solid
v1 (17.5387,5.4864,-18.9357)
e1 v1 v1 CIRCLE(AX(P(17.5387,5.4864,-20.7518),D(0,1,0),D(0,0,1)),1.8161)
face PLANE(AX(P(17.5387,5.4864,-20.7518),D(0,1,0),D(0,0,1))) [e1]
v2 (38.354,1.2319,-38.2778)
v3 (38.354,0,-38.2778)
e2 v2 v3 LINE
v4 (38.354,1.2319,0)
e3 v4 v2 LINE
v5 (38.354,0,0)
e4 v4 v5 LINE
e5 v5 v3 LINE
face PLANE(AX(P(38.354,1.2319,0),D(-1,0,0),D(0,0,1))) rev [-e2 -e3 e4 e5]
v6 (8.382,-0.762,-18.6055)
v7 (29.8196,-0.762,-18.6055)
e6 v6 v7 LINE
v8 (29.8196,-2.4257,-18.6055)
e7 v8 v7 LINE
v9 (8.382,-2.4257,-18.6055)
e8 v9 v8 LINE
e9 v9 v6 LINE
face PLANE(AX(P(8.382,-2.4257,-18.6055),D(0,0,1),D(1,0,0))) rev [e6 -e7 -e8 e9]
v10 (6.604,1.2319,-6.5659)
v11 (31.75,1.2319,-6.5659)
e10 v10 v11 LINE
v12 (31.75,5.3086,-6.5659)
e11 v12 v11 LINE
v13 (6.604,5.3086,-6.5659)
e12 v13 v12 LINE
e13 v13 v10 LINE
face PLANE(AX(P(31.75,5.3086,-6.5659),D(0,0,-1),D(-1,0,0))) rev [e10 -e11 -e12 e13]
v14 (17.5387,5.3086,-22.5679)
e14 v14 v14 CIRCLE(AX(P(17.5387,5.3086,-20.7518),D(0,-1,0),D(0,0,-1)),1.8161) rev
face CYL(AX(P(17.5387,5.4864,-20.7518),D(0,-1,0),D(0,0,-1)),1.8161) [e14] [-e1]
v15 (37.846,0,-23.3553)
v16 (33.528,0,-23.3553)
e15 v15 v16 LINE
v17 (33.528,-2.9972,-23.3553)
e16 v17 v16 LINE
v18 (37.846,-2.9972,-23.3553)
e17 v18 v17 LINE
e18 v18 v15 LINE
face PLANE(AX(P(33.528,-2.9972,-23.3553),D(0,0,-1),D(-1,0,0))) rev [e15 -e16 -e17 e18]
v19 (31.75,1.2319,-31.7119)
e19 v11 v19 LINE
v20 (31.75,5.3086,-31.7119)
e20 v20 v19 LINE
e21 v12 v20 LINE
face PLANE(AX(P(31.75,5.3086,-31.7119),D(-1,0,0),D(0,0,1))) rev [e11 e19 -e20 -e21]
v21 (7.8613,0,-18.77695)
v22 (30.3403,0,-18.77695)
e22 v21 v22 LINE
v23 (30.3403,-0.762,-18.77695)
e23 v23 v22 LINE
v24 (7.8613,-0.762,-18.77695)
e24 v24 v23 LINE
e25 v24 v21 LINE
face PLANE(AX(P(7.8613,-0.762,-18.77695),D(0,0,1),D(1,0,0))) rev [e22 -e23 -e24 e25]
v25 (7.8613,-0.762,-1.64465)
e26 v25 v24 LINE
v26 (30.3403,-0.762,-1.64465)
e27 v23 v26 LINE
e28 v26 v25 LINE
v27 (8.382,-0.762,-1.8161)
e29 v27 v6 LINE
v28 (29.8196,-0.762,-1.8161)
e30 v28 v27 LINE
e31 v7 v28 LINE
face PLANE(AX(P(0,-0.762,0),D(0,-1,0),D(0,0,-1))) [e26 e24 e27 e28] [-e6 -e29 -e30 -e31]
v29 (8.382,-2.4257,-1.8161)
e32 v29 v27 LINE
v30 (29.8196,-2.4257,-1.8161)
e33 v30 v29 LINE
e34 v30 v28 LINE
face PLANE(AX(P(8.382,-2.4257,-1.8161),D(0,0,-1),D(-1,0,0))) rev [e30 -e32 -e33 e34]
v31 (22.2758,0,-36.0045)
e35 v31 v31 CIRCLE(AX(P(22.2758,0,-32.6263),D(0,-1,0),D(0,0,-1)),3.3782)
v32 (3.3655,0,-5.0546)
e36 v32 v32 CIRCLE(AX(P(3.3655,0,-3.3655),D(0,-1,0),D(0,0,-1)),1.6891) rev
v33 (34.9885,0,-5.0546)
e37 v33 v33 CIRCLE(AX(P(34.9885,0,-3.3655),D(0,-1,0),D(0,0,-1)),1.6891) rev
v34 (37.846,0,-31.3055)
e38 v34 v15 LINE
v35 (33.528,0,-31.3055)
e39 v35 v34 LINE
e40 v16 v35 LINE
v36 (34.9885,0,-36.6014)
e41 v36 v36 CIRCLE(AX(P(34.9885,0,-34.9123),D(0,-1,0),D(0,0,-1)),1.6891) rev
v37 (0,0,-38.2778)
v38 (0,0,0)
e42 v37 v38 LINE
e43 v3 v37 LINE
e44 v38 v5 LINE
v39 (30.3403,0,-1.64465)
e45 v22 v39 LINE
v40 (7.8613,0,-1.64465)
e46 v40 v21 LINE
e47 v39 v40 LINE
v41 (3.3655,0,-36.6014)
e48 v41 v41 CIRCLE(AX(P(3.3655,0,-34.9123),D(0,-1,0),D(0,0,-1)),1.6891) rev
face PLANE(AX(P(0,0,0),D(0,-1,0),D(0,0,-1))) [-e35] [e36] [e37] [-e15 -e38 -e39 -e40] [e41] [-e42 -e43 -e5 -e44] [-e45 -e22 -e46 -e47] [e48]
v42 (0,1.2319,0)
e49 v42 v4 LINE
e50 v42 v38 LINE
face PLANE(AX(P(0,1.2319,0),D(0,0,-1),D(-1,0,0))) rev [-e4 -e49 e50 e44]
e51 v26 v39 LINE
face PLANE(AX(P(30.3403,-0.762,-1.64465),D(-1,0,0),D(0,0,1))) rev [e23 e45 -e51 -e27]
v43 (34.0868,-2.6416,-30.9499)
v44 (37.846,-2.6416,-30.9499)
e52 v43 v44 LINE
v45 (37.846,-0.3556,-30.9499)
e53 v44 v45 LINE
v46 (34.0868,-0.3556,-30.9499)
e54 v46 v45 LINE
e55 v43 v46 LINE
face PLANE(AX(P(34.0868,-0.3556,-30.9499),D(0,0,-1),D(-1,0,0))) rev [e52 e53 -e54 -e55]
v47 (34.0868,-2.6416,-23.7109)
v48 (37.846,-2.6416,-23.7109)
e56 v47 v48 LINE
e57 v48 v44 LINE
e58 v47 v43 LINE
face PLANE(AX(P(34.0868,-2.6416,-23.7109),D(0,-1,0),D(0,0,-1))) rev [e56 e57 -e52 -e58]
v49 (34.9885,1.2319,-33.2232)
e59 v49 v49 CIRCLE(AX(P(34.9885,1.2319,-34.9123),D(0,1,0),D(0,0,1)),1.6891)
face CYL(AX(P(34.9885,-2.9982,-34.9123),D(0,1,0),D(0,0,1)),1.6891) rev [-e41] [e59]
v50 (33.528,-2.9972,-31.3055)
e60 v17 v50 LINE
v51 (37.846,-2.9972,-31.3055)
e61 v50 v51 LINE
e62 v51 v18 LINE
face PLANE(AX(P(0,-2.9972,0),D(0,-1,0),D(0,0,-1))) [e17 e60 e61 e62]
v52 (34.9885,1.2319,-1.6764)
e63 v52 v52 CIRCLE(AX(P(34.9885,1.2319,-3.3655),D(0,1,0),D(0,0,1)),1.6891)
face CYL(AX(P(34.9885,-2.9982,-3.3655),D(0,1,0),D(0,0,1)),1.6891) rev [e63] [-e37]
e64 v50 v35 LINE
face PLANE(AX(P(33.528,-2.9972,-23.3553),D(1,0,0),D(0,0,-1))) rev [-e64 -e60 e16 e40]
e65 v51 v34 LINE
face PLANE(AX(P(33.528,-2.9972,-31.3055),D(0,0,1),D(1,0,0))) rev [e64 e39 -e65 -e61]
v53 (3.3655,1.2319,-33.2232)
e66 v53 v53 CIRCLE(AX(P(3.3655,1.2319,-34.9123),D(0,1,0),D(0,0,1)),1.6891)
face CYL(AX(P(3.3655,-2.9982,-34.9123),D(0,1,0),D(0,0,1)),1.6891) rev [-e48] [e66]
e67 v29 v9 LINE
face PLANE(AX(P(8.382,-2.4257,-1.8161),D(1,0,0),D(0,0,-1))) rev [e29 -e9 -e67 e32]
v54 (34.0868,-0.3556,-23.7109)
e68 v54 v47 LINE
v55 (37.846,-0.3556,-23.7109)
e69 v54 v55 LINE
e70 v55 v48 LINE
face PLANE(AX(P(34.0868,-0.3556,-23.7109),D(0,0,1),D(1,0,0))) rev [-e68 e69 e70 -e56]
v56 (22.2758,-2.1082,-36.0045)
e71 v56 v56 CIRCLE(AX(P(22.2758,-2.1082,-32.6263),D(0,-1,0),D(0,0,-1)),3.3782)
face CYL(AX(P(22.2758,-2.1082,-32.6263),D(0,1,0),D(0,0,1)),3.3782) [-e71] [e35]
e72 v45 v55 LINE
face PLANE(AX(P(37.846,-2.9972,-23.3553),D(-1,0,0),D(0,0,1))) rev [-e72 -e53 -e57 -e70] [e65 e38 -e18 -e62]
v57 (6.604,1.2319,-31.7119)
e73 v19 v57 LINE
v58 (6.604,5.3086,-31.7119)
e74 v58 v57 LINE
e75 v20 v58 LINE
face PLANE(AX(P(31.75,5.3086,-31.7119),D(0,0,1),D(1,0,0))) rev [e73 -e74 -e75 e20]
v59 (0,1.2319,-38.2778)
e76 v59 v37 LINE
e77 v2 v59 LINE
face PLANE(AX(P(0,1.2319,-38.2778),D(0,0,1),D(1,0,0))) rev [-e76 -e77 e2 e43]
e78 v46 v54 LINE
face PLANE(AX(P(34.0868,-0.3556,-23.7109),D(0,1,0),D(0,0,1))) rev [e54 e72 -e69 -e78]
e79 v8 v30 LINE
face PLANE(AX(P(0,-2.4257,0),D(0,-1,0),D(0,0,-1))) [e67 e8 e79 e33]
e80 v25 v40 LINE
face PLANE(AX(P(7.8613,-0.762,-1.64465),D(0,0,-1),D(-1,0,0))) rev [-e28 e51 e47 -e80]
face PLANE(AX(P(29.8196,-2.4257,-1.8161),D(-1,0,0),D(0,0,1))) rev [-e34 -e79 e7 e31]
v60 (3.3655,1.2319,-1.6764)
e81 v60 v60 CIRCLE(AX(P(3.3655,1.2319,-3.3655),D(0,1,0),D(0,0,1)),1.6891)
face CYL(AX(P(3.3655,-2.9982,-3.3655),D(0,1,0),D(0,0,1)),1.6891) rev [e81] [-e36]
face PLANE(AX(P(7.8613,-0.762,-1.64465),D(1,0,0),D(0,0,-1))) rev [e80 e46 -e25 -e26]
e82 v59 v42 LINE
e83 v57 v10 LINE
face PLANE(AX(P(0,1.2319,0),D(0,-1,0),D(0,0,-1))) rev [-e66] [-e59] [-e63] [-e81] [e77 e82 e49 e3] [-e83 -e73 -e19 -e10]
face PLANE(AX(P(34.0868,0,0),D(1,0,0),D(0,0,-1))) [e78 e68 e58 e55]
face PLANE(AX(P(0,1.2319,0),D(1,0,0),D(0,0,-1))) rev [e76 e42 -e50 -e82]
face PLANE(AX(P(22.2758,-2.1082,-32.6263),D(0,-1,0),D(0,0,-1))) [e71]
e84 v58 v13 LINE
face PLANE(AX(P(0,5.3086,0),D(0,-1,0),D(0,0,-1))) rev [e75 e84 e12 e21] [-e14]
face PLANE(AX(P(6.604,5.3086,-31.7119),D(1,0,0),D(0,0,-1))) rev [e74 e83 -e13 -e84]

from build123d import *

# Parameters (mm, degrees)
SKETCH1_W           = 38.354
SKETCH1_H           = 38.2778
BOARD_DEPTH         = 1.2319
SKETCH3_W           = 25.146
SKETCH3_H           = 25.146
GPS_DEPTH           = 4.0767
SKETCH5_W           = 21.4376
SKETCH5_H           = 16.7894
UBLOCK_CHIP_DEPTH   = 2.4257
SKETCH6_R           = 3.3782
BATTERY_DEPTH       = 2.1082
SKETCH7_W           = 4.318
SKETCH7_H           = 7.9502
CONNECTOR_DEPTH     = 2.9972
SKETCH8_W           = 7.239
SKETCH8_H           = 2.286
CUT_EXTRUDE1_DEPTH  = 3.7592
CUT_EXTRUDE2_REACH  = 56.352
SKETCH9_R           = 1.6891
SKETCH10_R          = 1.8161
BOSS_EXTRUDE6_DEPTH = 0.1778
SKETCH11_W          = 22.479
SKETCH11_H          = 17.1323
BOSS_EXTRUDE7_DEPTH = 0.762


with BuildPart() as part:
    # Sketch1 → Board (new body)
    with BuildSketch(Plane(origin=(0, 0, 0), x_dir=(1, 0, 0), z_dir=(0, 1, 0))):
        with Locations((19.177, 19.1389)):
            Rectangle(SKETCH1_W, SKETCH1_H)
    extrude(amount=BOARD_DEPTH)

    # Sketch3 → GPS (add)
    with BuildSketch(Plane(origin=(0, 1.2319, 0), x_dir=(1, 0, 0), z_dir=(0, 1, 0))):
        with Locations((19.177, 19.1389)):
            Rectangle(SKETCH3_W, SKETCH3_H)
    extrude(amount=GPS_DEPTH)

    # Sketch5 → uBlock chip (add)
    with BuildSketch(Plane.XZ):
        with Locations((19.1008, -10.2108)):
            Rectangle(SKETCH5_W, SKETCH5_H)
    extrude(amount=UBLOCK_CHIP_DEPTH)

    # Sketch6 → Battery (add)
    with BuildSketch(Plane(origin=(0, 0, 0), x_dir=(-1, 0, 0), z_dir=(0, -1, 0))):
        with Locations(Location((-22.2758, 32.6263, 0), (0, 0, 90))):
            Circle(SKETCH6_R)
    extrude(amount=BATTERY_DEPTH)

    # Sketch7 → Connector (add)
    with BuildSketch(Plane(origin=(0, 0, 0), x_dir=(-1, 0, 0), z_dir=(0, -1, 0))):
        with Locations((-35.687, 27.3304)):
            Rectangle(SKETCH7_W, SKETCH7_H)
    extrude(amount=CONNECTOR_DEPTH)

    # Sketch8 → Cut-Extrude1 (cut)
    with BuildSketch(Plane(origin=(37.846, 0, 0), x_dir=(0, 0, -1), z_dir=(1, 0, 0))):
        with Locations((27.3304, -1.4986)):
            Rectangle(SKETCH8_W, SKETCH8_H)
    extrude(amount=-CUT_EXTRUDE1_DEPTH, mode=Mode.SUBTRACT)

    # Sketch9 → Cut-Extrude2 (cut, up to next)
    with BuildSketch(Plane(origin=(0, 1.2319, 0), x_dir=(1, 0, 0), z_dir=(0, 1, 0)), mode=Mode.PRIVATE) as cut_extrude2_sk1:
        with Locations(Location((34.9885, 3.3655, 0), (0, 0, 270))):
            Circle(SKETCH9_R)
    cut_extrude2_tool1 = extrude(cut_extrude2_sk1.sketch, amount=-CUT_EXTRUDE2_REACH, mode=Mode.PRIVATE) & part.part
    # Sketch9 → Cut-Extrude2 (cut, up to next)
    with BuildSketch(Plane(origin=(0, 1.2319, 0), x_dir=(1, 0, 0), z_dir=(0, 1, 0)), mode=Mode.PRIVATE) as cut_extrude2_sk2:
        with Locations(Location((3.3655, 3.3655, 0), (0, 0, 270))):
            Circle(SKETCH9_R)
    cut_extrude2_tool2 = extrude(cut_extrude2_sk2.sketch, amount=-CUT_EXTRUDE2_REACH, mode=Mode.PRIVATE) & part.part
    # Sketch9 → Cut-Extrude2 (cut, up to next)
    with BuildSketch(Plane(origin=(0, 1.2319, 0), x_dir=(1, 0, 0), z_dir=(0, 1, 0)), mode=Mode.PRIVATE) as cut_extrude2_sk3:
        with Locations(Location((3.3655, 34.9123, 0), (0, 0, 270))):
            Circle(SKETCH9_R)
    cut_extrude2_tool3 = extrude(cut_extrude2_sk3.sketch, amount=-CUT_EXTRUDE2_REACH, mode=Mode.PRIVATE) & part.part
    # Sketch9 → Cut-Extrude2 (cut, up to next)
    with BuildSketch(Plane(origin=(0, 1.2319, 0), x_dir=(1, 0, 0), z_dir=(0, 1, 0)), mode=Mode.PRIVATE) as cut_extrude2_sk4:
        with Locations(Location((34.9885, 34.9123, 0), (0, 0, 270))):
            Circle(SKETCH9_R)
    cut_extrude2_tool4 = extrude(cut_extrude2_sk4.sketch, amount=-CUT_EXTRUDE2_REACH, mode=Mode.PRIVATE) & part.part
    add(cut_extrude2_tool1.solids().sort_by_distance((34.9885, 1.2319, -3.3655))[0], mode=Mode.SUBTRACT)
    add(cut_extrude2_tool2.solids().sort_by_distance((3.3655, 1.2319, -3.3655))[0], mode=Mode.SUBTRACT)
    add(cut_extrude2_tool3.solids().sort_by_distance((3.3655, 1.2319, -34.9123))[0], mode=Mode.SUBTRACT)
    add(cut_extrude2_tool4.solids().sort_by_distance((34.9885, 1.2319, -34.9123))[0], mode=Mode.SUBTRACT)

    # Sketch10 → Boss-Extrude6 (add)
    with BuildSketch(Plane(origin=(0, 5.3086, 0), x_dir=(1, 0, 0), z_dir=(0, 1, 0))):
        with Locations(Location((17.5387, 20.7518, 0), (0, 0, 90))):
            Circle(SKETCH10_R)
    extrude(amount=BOSS_EXTRUDE6_DEPTH)

    # Sketch11 → Boss-Extrude7 (add)
    with BuildSketch(Plane.XZ):
        with Locations((19.1008, -10.2108)):
            Rectangle(SKETCH11_W, SKETCH11_H)
    extrude(amount=BOSS_EXTRUDE7_DEPTH)


solid = part.part
